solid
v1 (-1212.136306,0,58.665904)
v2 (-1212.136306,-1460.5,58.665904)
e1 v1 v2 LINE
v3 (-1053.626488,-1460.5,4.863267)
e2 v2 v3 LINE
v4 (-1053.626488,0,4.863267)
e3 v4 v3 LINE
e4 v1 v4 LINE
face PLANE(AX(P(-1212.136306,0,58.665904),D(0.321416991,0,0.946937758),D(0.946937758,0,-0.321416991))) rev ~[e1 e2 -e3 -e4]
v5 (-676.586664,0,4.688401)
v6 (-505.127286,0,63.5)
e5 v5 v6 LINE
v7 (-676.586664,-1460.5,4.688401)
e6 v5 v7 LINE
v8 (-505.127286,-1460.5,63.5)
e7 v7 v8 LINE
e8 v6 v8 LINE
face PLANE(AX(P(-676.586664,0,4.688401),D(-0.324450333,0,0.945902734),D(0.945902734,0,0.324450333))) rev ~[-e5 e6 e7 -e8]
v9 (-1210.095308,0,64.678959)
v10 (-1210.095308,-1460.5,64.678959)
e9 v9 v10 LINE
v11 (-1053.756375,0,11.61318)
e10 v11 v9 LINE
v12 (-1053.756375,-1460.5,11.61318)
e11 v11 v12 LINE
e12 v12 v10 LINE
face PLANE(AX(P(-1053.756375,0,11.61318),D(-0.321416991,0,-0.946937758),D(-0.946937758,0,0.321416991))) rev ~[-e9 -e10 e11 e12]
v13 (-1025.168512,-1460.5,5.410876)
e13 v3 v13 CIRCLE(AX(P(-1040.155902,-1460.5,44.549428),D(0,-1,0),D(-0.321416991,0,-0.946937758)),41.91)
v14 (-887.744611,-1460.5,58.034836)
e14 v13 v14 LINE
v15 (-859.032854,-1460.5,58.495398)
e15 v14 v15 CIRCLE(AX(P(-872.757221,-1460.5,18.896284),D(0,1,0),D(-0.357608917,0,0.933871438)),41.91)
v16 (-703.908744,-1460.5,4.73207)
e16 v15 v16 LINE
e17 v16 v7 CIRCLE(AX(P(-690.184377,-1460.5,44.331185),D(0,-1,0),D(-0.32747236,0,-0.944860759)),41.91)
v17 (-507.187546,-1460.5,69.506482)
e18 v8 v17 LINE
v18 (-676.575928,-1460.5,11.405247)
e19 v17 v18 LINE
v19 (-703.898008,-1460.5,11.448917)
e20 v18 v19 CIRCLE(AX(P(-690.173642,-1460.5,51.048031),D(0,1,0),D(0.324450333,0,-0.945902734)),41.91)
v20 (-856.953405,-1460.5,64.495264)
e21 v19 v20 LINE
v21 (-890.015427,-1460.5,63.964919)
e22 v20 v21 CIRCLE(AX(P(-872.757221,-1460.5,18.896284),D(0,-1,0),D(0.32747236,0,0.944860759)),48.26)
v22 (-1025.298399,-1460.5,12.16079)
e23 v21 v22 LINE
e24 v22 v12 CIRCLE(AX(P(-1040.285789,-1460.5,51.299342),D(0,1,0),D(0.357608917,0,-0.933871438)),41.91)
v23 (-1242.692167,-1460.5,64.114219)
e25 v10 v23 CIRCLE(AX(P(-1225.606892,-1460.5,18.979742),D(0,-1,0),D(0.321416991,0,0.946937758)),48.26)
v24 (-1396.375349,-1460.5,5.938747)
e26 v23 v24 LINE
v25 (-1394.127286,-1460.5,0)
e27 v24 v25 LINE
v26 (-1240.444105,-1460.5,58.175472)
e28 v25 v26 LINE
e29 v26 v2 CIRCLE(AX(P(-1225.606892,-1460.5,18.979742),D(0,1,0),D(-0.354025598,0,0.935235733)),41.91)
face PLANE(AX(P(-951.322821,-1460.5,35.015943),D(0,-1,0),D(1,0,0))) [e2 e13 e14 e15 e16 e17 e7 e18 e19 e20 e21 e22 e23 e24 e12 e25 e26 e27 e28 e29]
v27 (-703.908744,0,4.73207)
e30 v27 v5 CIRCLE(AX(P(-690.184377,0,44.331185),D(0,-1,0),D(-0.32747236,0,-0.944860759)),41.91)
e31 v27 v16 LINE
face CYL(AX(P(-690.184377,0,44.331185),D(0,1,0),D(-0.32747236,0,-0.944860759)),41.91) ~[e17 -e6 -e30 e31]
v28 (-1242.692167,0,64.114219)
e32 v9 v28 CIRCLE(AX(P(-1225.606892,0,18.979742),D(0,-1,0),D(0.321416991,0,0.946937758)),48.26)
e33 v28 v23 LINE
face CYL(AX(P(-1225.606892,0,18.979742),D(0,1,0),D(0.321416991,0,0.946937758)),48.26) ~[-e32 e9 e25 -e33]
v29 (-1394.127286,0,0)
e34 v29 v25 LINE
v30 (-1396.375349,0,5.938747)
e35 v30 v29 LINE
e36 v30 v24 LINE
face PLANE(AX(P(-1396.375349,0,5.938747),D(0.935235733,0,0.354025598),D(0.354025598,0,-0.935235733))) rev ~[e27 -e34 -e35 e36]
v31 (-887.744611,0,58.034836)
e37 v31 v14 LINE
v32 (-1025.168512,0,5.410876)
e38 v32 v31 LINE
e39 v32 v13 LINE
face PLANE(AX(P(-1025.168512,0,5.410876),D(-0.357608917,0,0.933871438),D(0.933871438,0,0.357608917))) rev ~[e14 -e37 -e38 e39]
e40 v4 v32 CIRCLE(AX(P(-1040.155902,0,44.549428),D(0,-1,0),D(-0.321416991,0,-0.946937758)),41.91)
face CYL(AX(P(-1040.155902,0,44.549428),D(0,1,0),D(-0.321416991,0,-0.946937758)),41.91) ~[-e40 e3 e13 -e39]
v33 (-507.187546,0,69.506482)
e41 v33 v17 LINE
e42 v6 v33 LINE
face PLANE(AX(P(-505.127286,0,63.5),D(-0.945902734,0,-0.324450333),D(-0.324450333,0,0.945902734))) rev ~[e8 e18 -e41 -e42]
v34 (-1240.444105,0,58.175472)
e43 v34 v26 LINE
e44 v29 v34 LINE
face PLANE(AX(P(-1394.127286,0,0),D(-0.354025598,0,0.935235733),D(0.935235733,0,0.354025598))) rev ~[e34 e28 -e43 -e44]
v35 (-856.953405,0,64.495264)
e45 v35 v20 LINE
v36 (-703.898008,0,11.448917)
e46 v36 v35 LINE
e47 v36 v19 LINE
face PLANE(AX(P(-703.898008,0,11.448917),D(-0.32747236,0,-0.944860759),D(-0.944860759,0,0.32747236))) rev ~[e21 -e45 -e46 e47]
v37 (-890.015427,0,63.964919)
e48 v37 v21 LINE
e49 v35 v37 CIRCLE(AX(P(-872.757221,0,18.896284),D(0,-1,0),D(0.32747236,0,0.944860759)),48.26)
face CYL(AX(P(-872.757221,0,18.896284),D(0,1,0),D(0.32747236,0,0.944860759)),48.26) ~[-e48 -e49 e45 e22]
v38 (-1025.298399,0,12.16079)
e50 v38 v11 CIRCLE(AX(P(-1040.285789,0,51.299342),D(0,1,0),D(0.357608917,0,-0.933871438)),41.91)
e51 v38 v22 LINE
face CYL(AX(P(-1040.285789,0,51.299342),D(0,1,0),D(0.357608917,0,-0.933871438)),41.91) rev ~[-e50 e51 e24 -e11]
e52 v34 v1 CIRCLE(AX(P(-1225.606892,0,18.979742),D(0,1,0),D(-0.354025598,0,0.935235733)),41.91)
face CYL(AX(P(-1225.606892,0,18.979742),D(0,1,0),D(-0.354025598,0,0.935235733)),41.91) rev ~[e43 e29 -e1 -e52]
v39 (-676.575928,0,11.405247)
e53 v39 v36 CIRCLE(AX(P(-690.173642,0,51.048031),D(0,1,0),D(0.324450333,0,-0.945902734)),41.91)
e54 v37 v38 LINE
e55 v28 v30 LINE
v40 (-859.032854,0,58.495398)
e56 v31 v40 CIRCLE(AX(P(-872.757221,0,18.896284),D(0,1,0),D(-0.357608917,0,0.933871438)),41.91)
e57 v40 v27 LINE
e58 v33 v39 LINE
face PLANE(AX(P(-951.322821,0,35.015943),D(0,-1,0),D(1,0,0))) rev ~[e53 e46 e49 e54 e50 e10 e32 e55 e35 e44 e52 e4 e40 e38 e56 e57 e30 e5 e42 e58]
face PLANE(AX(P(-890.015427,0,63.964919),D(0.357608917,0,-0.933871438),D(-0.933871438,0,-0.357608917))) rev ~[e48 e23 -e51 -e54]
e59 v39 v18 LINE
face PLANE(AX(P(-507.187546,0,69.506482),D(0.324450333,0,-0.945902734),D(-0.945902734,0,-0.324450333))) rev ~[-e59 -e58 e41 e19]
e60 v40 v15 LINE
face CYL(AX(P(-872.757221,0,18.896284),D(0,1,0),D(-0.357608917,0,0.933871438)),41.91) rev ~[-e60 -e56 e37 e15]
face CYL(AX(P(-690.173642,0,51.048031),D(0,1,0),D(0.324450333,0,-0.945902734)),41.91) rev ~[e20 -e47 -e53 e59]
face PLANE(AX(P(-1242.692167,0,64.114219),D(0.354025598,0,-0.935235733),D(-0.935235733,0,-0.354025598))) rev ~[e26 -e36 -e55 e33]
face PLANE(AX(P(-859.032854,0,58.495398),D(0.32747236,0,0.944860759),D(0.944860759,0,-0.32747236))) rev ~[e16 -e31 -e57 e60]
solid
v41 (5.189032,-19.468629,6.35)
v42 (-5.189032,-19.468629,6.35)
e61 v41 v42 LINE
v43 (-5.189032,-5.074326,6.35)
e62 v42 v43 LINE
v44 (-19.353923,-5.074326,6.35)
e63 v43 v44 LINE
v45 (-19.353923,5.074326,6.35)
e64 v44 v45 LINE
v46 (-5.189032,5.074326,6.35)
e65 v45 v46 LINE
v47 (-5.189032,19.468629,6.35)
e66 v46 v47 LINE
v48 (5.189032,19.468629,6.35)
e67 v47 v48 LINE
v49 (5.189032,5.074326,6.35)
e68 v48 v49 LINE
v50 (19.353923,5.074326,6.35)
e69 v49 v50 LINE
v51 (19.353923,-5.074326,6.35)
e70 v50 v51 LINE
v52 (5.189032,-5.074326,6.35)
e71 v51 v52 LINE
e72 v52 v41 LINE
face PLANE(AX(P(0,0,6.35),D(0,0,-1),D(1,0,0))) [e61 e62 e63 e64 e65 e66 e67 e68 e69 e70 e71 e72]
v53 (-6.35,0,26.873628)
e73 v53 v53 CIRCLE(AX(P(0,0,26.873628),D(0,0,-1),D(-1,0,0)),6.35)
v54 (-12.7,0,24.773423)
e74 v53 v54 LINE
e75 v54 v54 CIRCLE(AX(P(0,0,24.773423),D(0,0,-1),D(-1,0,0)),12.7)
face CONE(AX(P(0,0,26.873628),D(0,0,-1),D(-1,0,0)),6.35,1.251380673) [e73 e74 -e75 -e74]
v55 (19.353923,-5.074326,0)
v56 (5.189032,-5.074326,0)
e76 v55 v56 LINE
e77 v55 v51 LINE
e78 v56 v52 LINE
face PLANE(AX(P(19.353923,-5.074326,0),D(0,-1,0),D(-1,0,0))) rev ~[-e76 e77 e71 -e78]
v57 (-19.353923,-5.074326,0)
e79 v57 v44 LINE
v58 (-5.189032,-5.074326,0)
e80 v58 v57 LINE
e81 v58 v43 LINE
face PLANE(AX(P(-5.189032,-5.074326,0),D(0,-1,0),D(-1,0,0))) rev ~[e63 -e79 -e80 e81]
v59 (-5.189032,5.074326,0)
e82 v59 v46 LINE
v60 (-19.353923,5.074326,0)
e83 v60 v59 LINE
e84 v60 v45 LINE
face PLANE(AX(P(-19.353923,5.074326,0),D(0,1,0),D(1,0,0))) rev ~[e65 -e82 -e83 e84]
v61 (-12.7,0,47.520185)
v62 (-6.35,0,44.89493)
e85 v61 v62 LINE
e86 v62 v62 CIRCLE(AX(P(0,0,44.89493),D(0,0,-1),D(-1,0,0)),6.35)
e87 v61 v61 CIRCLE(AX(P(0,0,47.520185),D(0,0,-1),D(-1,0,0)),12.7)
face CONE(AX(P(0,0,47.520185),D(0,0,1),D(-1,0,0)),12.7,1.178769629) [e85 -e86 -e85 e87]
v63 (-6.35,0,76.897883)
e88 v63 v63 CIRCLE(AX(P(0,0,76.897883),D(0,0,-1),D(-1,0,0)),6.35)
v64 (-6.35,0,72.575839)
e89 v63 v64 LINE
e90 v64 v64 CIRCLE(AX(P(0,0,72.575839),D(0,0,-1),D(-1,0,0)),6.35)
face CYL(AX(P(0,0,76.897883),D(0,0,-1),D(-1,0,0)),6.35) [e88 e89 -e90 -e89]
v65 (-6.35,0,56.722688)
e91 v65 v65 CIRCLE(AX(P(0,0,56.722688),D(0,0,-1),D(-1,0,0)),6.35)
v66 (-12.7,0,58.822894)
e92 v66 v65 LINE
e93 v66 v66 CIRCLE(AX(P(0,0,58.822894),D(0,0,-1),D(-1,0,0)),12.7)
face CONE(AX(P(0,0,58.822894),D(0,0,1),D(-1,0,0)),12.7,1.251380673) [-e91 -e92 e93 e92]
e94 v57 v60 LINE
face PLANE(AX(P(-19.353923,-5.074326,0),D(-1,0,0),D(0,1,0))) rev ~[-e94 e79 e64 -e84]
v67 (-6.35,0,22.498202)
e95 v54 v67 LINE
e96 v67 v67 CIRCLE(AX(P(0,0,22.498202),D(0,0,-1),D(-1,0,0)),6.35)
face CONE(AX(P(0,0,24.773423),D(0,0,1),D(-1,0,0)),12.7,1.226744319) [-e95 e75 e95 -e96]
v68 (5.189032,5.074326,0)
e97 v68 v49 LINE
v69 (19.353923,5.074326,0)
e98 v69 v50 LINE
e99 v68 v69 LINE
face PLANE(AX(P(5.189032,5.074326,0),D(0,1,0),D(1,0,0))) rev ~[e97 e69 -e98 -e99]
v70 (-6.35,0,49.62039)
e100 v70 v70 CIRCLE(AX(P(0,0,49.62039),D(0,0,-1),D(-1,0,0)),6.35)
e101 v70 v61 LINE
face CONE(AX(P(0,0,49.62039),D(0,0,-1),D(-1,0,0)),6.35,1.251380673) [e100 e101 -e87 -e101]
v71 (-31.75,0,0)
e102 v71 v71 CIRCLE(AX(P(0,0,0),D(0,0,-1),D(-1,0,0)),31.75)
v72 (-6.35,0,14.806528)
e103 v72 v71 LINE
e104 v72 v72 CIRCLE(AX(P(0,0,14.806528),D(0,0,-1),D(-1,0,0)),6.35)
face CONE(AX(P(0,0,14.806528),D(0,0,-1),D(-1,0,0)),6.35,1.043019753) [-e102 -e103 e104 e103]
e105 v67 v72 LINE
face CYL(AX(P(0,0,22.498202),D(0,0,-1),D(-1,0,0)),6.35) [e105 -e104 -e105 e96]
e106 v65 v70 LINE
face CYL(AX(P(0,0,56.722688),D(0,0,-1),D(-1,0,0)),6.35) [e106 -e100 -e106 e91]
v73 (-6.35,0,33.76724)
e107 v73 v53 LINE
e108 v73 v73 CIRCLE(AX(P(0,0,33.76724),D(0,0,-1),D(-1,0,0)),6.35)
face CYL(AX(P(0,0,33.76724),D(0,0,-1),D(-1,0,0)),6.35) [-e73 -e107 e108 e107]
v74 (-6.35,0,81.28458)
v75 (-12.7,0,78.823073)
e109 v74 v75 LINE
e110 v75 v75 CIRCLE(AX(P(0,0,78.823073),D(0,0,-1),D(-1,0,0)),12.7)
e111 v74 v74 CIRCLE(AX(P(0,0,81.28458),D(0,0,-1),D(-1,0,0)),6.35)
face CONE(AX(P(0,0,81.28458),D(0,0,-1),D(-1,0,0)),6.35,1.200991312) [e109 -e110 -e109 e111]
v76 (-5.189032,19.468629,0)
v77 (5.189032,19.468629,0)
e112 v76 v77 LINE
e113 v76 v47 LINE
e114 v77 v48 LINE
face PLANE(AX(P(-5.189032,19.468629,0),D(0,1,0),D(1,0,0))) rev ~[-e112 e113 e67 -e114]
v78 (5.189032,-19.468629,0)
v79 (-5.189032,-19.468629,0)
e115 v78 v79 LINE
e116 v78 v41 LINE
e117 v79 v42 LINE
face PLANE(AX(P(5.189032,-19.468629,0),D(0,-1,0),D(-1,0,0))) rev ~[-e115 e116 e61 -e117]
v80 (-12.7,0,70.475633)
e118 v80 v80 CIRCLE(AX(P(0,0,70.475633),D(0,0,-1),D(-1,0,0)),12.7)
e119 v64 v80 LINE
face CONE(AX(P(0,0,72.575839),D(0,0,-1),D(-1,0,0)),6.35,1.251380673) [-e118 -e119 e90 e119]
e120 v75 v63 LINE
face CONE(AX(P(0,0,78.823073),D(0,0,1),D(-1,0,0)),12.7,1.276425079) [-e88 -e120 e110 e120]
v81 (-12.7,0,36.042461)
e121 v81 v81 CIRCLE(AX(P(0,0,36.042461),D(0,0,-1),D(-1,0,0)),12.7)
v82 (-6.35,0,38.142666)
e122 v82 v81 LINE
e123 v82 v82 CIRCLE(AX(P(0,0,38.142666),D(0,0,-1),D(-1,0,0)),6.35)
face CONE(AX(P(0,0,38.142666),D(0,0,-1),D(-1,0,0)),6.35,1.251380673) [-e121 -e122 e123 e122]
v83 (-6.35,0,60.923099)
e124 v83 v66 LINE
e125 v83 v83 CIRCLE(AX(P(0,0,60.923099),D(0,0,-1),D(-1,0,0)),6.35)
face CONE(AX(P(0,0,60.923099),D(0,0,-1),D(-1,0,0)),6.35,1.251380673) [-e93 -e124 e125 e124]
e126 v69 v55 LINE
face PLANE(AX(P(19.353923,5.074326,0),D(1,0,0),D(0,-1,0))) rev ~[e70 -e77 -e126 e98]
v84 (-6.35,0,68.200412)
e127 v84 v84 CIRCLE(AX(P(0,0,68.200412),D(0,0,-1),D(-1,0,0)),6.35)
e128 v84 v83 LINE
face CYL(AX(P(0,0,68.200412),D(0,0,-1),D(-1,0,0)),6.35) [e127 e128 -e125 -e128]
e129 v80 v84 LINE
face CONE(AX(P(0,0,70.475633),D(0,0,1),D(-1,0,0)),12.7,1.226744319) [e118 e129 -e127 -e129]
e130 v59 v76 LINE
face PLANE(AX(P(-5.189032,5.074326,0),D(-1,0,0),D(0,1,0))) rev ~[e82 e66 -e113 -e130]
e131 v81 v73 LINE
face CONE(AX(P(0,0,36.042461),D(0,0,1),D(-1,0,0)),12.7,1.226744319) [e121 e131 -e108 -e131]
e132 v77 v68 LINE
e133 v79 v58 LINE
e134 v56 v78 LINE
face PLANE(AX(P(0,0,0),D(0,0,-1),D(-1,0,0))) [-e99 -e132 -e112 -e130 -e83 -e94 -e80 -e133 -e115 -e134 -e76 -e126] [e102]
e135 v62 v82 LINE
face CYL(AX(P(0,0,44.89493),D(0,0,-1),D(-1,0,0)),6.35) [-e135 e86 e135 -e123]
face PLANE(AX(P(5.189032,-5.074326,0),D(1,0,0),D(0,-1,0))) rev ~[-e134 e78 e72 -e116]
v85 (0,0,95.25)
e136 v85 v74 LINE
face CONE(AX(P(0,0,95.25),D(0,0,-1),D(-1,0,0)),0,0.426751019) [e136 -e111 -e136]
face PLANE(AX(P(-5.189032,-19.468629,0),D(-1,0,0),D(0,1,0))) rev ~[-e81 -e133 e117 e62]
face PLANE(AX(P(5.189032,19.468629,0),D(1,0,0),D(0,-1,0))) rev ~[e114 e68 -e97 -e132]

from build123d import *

# Parameters (mm, degrees)
F1_DEPTH = 292.1
F5_DEPTH = 1.27
F6_SCALE = 5


with BuildPart() as f1:
    # F0 (on Front) → F1 (new body)
    with BuildSketch(Plane.XZ):
        with BuildLine():
            Line((-279.2750697707, 1.1877493809), (-278.8254572617, 0))
            Line((-278.8254572617, 0), (-248.0888209369, 11.6350944043))
            ThreePointArc((-248.0888209369, 11.6350944043), (-245.2665745211, 12.1766908251), (-242.4272611613, 11.7331807804))
            Line((-242.4272611613, 11.7331807804), (-210.7252976528, 0.9726533622))
            ThreePointArc((-210.7252976528, 0.9726533622), (-207.8699176262, 0.5294370778), (-205.0337024945, 1.0821752597))
            Line((-205.0337024945, 1.0821752597), (-177.5489221499, 11.6069671453))
            ThreePointArc((-177.5489221499, 11.6069671453), (-174.6858817442, 12.1601785727), (-171.8065708865, 11.6990796328))
            Line((-171.8065708865, 11.6990796328), (-140.7817487445, 0.9464140881))
            ThreePointArc((-140.7817487445, 0.9464140881), (-138.0502724457, 0.4842476743), (-135.3173327352, 0.9376802539))
            Line((-135.3173327352, 0.9376802539), (-101.0254572617, 12.7))
            Line((-101.0254572617, 12.7), (-101.4375091841, 13.9012964718))
            Line((-101.4375091841, 13.9012964718), (-135.3151856139, 2.2810494915))
            ThreePointArc((-135.3151856139, 2.2810494915), (-138.0481253243, 1.8276169119), (-140.7796016232, 2.2897833257))
            Line((-140.7796016232, 2.2897833257), (-171.3906809893, 12.8990527964))
            ThreePointArc((-171.3906809893, 12.8990527964), (-174.7062510679, 13.430015212), (-178.0030854744, 12.7929838715))
            Line((-178.0030854744, 12.7929838715), (-205.0596798629, 2.4321579342))
            ThreePointArc((-205.0596798629, 2.4321579342), (-207.8958949946, 1.8794197524), (-210.7512750212, 2.3226360367))
            Line((-210.7512750212, 2.3226360367), (-242.0190615831, 12.9357917334))
            ThreePointArc((-242.0190615831, 12.9357917334), (-245.2885739367, 13.4465002698), (-248.5384334458, 12.8228437852))
            Line((-248.5384334458, 12.8228437852), (-279.2750697707, 1.1877493809))
        make_face()
    extrude(amount=F1_DEPTH)


with BuildPart() as f3:
    # F2 (on Front) → F3 (revolve)
    with BuildSketch(Plane.XZ):
        Polygon((-6.35, 0), (0, 0), (0, 19.05), (-1.27, 16.2569159193), (-2.54, 15.7646145672), (-1.27, 15.379576547), (-1.27, 14.5151677372), (-2.54, 14.0951266512), (-1.27, 13.6400824994), (-1.27, 12.1846198347), (-2.54, 11.7645787487), (-1.27, 11.3445376627), (-1.27, 9.9240780639), (-2.54, 9.5040369779), (-1.27, 8.9789859133), (-1.27, 7.6285332272), (-2.54, 7.2084921412), (-1.27, 6.7534479894), (-1.27, 5.3747256117), (-2.54, 4.9546845257), (-1.27, 4.4996403739), (-1.27, 2.9613055742), align=None)
    revolve(axis=Axis((0, 0, 9.525), (0, 0, -1)))

    # F4 (on face) → F5 (cut)
    with BuildSketch(Plane(origin=(0, 0, 0), x_dir=(1, 0, 0), z_dir=(0, 0, -1))):
        Polygon((1.0378063889, 3.8937258068), (-1.0378063889, 3.8937258068), (-1.0378063889, 1.0148652364), (-3.8707845379, 1.0148652364), (-3.8707845379, -1.0148652364), (-1.0378063889, -1.0148652364), (-1.0378063889, -3.8937258068), (1.0378063889, -3.8937258068), (1.0378063889, -1.0148652364), (3.8707845379, -1.0148652364), (3.8707845379, 1.0148652364), (1.0378063889, 1.0148652364), align=None)
    extrude(amount=-F5_DEPTH, mode=Mode.SUBTRACT)


with BuildPart() as f1_1:
    # F6: moved
    add(f1.part.scale(F6_SCALE))


with BuildPart() as f3_1:
    # F6: moved
    add(f3.part.scale(F6_SCALE))


solid = Compound([f1_1.part, f3_1.part])
